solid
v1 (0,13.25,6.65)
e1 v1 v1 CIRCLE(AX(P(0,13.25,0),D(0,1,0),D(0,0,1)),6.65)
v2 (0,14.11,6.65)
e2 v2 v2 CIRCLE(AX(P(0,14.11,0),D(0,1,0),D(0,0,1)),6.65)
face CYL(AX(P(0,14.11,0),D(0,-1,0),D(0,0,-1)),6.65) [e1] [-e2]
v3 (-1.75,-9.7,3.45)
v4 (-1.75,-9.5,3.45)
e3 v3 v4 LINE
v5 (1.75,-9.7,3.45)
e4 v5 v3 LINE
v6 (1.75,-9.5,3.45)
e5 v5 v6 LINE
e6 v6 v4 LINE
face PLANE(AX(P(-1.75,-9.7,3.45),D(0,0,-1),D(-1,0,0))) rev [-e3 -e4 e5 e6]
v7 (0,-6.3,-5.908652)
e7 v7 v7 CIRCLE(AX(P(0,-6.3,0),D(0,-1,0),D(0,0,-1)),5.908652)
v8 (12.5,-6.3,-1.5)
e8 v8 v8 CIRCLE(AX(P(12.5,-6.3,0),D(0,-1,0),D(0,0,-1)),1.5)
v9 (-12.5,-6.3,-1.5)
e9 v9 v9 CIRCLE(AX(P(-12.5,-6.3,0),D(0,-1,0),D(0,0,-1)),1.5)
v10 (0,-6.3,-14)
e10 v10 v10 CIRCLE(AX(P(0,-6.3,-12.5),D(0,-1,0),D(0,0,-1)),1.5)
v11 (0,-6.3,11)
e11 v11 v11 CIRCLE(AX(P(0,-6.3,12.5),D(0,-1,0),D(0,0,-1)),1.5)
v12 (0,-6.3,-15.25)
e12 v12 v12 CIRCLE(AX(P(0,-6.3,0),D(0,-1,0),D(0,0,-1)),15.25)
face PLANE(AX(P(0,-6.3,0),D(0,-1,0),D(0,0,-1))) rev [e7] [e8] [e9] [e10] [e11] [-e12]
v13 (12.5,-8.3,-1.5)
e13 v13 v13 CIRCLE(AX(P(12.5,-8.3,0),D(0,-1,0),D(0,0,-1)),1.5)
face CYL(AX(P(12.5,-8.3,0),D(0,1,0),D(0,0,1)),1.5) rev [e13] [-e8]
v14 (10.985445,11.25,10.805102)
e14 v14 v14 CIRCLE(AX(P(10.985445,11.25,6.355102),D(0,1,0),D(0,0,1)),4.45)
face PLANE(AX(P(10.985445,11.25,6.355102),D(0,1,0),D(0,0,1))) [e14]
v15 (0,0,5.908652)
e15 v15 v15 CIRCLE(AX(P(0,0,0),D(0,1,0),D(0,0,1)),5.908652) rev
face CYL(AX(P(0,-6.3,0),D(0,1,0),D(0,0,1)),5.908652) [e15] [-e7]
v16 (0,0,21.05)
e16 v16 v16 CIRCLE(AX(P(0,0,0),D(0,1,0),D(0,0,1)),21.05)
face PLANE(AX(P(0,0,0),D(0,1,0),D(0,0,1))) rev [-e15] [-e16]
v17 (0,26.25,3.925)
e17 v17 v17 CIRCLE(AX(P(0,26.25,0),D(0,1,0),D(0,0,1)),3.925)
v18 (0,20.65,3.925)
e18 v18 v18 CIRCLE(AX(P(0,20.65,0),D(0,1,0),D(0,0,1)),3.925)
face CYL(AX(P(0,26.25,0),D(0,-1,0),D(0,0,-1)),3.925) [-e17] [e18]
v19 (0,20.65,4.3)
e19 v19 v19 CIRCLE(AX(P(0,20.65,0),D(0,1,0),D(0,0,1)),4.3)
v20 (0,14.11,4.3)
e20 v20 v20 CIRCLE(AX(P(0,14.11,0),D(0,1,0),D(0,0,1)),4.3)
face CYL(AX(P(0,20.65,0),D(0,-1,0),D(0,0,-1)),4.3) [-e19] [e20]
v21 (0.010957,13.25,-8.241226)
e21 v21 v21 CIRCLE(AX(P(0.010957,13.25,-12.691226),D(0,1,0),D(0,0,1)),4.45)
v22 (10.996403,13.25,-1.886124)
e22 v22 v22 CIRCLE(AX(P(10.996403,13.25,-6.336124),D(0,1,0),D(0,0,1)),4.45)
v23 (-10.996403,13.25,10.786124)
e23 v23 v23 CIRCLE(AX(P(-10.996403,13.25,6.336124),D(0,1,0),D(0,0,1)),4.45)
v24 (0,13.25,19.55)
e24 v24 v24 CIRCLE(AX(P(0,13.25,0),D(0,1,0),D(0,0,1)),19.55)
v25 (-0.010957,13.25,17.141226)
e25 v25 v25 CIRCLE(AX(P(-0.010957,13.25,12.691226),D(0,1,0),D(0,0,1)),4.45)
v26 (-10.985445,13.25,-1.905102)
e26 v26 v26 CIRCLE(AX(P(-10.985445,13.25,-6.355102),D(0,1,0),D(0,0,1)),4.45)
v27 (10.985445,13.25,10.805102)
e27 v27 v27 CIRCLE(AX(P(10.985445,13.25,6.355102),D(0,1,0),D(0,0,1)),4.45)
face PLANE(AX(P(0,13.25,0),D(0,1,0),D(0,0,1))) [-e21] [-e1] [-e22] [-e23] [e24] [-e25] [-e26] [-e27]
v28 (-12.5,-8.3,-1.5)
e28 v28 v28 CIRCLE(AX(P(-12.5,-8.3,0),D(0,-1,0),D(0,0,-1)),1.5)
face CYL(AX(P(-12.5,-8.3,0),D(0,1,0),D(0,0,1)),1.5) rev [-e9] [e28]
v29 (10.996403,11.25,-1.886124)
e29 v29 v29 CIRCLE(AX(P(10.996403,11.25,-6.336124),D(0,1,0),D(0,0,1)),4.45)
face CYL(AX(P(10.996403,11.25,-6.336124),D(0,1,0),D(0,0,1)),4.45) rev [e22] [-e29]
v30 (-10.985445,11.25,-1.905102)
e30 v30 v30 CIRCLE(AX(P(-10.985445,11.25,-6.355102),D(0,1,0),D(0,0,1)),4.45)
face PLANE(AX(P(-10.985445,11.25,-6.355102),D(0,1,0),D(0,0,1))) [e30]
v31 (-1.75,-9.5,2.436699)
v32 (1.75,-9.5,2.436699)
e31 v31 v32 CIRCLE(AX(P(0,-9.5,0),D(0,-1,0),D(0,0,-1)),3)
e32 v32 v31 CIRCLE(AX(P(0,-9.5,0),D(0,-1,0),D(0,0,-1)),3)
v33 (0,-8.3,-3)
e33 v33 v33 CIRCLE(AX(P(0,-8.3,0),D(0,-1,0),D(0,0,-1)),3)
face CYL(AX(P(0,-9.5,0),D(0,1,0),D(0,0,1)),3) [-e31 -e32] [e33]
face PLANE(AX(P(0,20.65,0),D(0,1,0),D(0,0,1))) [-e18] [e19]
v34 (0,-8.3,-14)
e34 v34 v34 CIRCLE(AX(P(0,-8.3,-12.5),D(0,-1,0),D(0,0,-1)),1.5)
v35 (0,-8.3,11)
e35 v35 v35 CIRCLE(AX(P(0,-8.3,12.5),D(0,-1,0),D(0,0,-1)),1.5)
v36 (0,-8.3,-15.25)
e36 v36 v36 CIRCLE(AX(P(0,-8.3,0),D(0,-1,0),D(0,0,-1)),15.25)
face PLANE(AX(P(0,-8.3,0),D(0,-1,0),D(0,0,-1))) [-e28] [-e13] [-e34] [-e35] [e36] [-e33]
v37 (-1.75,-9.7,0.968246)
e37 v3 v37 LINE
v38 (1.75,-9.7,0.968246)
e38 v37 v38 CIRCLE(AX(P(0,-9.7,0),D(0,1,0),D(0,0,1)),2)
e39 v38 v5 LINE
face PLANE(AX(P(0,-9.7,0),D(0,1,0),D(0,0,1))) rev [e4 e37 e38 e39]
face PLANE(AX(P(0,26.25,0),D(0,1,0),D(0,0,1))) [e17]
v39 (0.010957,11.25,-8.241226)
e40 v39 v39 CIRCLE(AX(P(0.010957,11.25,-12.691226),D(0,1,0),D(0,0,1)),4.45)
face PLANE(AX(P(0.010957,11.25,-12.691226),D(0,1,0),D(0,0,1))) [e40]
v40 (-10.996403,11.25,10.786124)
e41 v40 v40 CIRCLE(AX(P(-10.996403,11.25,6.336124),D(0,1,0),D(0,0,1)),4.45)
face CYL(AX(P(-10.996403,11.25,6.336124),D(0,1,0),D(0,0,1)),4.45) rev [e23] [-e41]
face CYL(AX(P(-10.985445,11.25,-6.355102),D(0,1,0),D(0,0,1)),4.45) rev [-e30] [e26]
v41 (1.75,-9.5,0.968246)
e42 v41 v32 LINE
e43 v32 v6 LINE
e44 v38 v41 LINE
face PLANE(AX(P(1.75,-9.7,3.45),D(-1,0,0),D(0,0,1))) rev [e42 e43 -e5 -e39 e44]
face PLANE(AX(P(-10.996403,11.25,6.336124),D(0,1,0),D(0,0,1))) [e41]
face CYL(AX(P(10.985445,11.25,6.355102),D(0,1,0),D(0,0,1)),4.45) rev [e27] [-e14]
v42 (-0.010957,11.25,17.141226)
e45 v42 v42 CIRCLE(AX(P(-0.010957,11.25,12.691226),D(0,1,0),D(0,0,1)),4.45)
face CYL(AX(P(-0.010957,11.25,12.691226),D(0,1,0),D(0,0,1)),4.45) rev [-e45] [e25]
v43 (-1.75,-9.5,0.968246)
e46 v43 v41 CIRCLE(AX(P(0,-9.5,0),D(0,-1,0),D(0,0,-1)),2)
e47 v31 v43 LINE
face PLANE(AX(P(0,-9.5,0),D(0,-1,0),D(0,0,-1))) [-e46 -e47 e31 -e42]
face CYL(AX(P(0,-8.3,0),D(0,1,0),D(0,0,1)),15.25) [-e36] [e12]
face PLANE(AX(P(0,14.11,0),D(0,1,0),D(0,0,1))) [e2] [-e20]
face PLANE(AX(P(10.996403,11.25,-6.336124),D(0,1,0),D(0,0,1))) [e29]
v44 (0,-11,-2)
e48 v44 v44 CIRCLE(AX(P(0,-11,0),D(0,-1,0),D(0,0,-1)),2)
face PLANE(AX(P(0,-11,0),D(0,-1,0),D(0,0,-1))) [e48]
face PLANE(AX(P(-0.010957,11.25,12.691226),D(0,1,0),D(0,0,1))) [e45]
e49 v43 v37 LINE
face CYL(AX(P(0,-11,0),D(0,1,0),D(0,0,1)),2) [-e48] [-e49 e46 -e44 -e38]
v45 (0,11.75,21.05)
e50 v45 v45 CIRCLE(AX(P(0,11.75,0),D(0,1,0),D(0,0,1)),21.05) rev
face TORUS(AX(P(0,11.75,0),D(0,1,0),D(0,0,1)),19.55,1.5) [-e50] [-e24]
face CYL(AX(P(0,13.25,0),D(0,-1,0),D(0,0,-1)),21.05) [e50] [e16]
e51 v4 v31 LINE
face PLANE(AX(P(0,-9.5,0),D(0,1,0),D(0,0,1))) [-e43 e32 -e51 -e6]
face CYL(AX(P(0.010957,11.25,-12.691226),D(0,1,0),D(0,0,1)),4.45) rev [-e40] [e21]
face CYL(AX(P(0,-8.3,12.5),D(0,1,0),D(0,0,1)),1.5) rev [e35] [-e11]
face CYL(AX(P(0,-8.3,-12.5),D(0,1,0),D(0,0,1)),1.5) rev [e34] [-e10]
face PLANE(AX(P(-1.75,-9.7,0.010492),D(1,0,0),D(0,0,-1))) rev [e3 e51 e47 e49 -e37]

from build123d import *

# Parameters (mm, degrees)
CROQUIS1_R              = 21.05
SALIENTE_EXTRUIR1_DEPTH = 13.25
REDONDEO1_R             = 1.5
CROQUIS2_R              = 4.45
CORTAR_EXTRUIR1_DEPTH   = 2
CROQUIS3_R              = 3.925
SALIENTE_EXTRUIR2_DEPTH = 13
CROQUIS4_R              = 5.908652193
SALIENTE_EXTRUIR3_DEPTH = 6.3
CROQUIS5_R              = 15.25
CROQUIS5_R_2            = 1.5
SALIENTE_EXTRUIR4_DEPTH = 2
CROQUIS6_R              = 2
SALIENTE_EXTRUIR5_DEPTH = 2.7
CROQUIS7_R              = 3
SALIENTE_EXTRUIR6_DEPTH = 1.2
CROQUIS8_W              = 3.5
CROQUIS8_H              = 3.439508105
SALIENTE_EXTRUIR7_DEPTH = 0.2
CROQUIS9_R              = 4.3
SALIENTE_EXTRUIR8_DEPTH = 7.4
CROQUIS10_R             = 6.65
SALIENTE_EXTRUIR9_DEPTH = 0.86


with BuildPart() as part:
    # Croquis1 → Saliente-Extruir1 (new body)
    with BuildSketch(Plane(origin=(0, 0, 0), x_dir=(1, 0, 0), z_dir=(0, 1, 0))):
        Circle(CROQUIS1_R)
    extrude(amount=SALIENTE_EXTRUIR1_DEPTH)

    # Redondeo1
    redondeo1_edges = [part.edges().sort_by_distance(p)[0] for p in [
        (-21.05, 13.25, 0),
    ]]
    fillet(redondeo1_edges, radius=REDONDEO1_R)

    # Croquis2 → Cortar-Extruir1 (cut)
    with BuildSketch(Plane(origin=(0, 13.25, 0), x_dir=(1, 0, 0), z_dir=(0, 1, 0))):
        with Locations((0.010957244, 12.691225968)):
            Circle(CROQUIS2_R)
        with Locations((10.996402716, 6.336123732)):
            Circle(CROQUIS2_R)
        with Locations((10.985445471, -6.355102236)):
            Circle(CROQUIS2_R)
        with Locations((-0.010957244, -12.691225968)):
            Circle(CROQUIS2_R)
        with Locations((-10.996402716, -6.336123732)):
            Circle(CROQUIS2_R)
        with Locations((-10.985445471, 6.355102236)):
            Circle(CROQUIS2_R)
    extrude(amount=-CORTAR_EXTRUIR1_DEPTH, mode=Mode.SUBTRACT)

    # Croquis3 → Saliente-Extruir2 (add)
    with BuildSketch(Plane(origin=(0, 13.25, 0), x_dir=(1, 0, 0), z_dir=(0, 1, 0))):
        Circle(CROQUIS3_R)
    extrude(amount=SALIENTE_EXTRUIR2_DEPTH)

    # Croquis4 → Saliente-Extruir3 (add)
    with BuildSketch(Plane.XZ):
        Circle(CROQUIS4_R)
    extrude(amount=SALIENTE_EXTRUIR3_DEPTH)

    # Croquis5 → Saliente-Extruir4 (add)
    with BuildSketch(Plane.XZ.offset(6.3)):
        Circle(CROQUIS5_R)
        with Locations((0, 12.5)):
            Circle(CROQUIS5_R_2, mode=Mode.SUBTRACT)
        with Locations((12.5, 0)):
            Circle(CROQUIS5_R_2, mode=Mode.SUBTRACT)
        with Locations((0, -12.5)):
            Circle(CROQUIS5_R_2, mode=Mode.SUBTRACT)
        with Locations((-12.5, 0)):
            Circle(CROQUIS5_R_2, mode=Mode.SUBTRACT)
    extrude(amount=SALIENTE_EXTRUIR4_DEPTH)

    # Croquis6 → Saliente-Extruir5 (add)
    with BuildSketch(Plane.XZ.offset(8.3)):
        Circle(CROQUIS6_R)
    extrude(amount=SALIENTE_EXTRUIR5_DEPTH)

    # Croquis7 → Saliente-Extruir6 (add)
    with BuildSketch(Plane.XZ.offset(8.3)):
        Circle(CROQUIS7_R)
    extrude(amount=SALIENTE_EXTRUIR6_DEPTH)

    # Croquis8 → Saliente-Extruir7 (add)
    with BuildSketch(Plane.XZ.offset(9.5)):
        with Locations((0, 1.730245948)):
            Rectangle(CROQUIS8_W, CROQUIS8_H)
    extrude(amount=SALIENTE_EXTRUIR7_DEPTH)

    # Croquis9 → Saliente-Extruir8 (add)
    with BuildSketch(Plane(origin=(0, 13.25, 0), x_dir=(1, 0, 0), z_dir=(0, 1, 0))):
        Circle(CROQUIS9_R)
    extrude(amount=SALIENTE_EXTRUIR8_DEPTH)

    # Croquis10 → Saliente-Extruir9 (add)
    with BuildSketch(Plane(origin=(0, 13.25, 0), x_dir=(1, 0, 0), z_dir=(0, 1, 0))):
        Circle(CROQUIS10_R)
    extrude(amount=SALIENTE_EXTRUIR9_DEPTH)


solid = part.part
